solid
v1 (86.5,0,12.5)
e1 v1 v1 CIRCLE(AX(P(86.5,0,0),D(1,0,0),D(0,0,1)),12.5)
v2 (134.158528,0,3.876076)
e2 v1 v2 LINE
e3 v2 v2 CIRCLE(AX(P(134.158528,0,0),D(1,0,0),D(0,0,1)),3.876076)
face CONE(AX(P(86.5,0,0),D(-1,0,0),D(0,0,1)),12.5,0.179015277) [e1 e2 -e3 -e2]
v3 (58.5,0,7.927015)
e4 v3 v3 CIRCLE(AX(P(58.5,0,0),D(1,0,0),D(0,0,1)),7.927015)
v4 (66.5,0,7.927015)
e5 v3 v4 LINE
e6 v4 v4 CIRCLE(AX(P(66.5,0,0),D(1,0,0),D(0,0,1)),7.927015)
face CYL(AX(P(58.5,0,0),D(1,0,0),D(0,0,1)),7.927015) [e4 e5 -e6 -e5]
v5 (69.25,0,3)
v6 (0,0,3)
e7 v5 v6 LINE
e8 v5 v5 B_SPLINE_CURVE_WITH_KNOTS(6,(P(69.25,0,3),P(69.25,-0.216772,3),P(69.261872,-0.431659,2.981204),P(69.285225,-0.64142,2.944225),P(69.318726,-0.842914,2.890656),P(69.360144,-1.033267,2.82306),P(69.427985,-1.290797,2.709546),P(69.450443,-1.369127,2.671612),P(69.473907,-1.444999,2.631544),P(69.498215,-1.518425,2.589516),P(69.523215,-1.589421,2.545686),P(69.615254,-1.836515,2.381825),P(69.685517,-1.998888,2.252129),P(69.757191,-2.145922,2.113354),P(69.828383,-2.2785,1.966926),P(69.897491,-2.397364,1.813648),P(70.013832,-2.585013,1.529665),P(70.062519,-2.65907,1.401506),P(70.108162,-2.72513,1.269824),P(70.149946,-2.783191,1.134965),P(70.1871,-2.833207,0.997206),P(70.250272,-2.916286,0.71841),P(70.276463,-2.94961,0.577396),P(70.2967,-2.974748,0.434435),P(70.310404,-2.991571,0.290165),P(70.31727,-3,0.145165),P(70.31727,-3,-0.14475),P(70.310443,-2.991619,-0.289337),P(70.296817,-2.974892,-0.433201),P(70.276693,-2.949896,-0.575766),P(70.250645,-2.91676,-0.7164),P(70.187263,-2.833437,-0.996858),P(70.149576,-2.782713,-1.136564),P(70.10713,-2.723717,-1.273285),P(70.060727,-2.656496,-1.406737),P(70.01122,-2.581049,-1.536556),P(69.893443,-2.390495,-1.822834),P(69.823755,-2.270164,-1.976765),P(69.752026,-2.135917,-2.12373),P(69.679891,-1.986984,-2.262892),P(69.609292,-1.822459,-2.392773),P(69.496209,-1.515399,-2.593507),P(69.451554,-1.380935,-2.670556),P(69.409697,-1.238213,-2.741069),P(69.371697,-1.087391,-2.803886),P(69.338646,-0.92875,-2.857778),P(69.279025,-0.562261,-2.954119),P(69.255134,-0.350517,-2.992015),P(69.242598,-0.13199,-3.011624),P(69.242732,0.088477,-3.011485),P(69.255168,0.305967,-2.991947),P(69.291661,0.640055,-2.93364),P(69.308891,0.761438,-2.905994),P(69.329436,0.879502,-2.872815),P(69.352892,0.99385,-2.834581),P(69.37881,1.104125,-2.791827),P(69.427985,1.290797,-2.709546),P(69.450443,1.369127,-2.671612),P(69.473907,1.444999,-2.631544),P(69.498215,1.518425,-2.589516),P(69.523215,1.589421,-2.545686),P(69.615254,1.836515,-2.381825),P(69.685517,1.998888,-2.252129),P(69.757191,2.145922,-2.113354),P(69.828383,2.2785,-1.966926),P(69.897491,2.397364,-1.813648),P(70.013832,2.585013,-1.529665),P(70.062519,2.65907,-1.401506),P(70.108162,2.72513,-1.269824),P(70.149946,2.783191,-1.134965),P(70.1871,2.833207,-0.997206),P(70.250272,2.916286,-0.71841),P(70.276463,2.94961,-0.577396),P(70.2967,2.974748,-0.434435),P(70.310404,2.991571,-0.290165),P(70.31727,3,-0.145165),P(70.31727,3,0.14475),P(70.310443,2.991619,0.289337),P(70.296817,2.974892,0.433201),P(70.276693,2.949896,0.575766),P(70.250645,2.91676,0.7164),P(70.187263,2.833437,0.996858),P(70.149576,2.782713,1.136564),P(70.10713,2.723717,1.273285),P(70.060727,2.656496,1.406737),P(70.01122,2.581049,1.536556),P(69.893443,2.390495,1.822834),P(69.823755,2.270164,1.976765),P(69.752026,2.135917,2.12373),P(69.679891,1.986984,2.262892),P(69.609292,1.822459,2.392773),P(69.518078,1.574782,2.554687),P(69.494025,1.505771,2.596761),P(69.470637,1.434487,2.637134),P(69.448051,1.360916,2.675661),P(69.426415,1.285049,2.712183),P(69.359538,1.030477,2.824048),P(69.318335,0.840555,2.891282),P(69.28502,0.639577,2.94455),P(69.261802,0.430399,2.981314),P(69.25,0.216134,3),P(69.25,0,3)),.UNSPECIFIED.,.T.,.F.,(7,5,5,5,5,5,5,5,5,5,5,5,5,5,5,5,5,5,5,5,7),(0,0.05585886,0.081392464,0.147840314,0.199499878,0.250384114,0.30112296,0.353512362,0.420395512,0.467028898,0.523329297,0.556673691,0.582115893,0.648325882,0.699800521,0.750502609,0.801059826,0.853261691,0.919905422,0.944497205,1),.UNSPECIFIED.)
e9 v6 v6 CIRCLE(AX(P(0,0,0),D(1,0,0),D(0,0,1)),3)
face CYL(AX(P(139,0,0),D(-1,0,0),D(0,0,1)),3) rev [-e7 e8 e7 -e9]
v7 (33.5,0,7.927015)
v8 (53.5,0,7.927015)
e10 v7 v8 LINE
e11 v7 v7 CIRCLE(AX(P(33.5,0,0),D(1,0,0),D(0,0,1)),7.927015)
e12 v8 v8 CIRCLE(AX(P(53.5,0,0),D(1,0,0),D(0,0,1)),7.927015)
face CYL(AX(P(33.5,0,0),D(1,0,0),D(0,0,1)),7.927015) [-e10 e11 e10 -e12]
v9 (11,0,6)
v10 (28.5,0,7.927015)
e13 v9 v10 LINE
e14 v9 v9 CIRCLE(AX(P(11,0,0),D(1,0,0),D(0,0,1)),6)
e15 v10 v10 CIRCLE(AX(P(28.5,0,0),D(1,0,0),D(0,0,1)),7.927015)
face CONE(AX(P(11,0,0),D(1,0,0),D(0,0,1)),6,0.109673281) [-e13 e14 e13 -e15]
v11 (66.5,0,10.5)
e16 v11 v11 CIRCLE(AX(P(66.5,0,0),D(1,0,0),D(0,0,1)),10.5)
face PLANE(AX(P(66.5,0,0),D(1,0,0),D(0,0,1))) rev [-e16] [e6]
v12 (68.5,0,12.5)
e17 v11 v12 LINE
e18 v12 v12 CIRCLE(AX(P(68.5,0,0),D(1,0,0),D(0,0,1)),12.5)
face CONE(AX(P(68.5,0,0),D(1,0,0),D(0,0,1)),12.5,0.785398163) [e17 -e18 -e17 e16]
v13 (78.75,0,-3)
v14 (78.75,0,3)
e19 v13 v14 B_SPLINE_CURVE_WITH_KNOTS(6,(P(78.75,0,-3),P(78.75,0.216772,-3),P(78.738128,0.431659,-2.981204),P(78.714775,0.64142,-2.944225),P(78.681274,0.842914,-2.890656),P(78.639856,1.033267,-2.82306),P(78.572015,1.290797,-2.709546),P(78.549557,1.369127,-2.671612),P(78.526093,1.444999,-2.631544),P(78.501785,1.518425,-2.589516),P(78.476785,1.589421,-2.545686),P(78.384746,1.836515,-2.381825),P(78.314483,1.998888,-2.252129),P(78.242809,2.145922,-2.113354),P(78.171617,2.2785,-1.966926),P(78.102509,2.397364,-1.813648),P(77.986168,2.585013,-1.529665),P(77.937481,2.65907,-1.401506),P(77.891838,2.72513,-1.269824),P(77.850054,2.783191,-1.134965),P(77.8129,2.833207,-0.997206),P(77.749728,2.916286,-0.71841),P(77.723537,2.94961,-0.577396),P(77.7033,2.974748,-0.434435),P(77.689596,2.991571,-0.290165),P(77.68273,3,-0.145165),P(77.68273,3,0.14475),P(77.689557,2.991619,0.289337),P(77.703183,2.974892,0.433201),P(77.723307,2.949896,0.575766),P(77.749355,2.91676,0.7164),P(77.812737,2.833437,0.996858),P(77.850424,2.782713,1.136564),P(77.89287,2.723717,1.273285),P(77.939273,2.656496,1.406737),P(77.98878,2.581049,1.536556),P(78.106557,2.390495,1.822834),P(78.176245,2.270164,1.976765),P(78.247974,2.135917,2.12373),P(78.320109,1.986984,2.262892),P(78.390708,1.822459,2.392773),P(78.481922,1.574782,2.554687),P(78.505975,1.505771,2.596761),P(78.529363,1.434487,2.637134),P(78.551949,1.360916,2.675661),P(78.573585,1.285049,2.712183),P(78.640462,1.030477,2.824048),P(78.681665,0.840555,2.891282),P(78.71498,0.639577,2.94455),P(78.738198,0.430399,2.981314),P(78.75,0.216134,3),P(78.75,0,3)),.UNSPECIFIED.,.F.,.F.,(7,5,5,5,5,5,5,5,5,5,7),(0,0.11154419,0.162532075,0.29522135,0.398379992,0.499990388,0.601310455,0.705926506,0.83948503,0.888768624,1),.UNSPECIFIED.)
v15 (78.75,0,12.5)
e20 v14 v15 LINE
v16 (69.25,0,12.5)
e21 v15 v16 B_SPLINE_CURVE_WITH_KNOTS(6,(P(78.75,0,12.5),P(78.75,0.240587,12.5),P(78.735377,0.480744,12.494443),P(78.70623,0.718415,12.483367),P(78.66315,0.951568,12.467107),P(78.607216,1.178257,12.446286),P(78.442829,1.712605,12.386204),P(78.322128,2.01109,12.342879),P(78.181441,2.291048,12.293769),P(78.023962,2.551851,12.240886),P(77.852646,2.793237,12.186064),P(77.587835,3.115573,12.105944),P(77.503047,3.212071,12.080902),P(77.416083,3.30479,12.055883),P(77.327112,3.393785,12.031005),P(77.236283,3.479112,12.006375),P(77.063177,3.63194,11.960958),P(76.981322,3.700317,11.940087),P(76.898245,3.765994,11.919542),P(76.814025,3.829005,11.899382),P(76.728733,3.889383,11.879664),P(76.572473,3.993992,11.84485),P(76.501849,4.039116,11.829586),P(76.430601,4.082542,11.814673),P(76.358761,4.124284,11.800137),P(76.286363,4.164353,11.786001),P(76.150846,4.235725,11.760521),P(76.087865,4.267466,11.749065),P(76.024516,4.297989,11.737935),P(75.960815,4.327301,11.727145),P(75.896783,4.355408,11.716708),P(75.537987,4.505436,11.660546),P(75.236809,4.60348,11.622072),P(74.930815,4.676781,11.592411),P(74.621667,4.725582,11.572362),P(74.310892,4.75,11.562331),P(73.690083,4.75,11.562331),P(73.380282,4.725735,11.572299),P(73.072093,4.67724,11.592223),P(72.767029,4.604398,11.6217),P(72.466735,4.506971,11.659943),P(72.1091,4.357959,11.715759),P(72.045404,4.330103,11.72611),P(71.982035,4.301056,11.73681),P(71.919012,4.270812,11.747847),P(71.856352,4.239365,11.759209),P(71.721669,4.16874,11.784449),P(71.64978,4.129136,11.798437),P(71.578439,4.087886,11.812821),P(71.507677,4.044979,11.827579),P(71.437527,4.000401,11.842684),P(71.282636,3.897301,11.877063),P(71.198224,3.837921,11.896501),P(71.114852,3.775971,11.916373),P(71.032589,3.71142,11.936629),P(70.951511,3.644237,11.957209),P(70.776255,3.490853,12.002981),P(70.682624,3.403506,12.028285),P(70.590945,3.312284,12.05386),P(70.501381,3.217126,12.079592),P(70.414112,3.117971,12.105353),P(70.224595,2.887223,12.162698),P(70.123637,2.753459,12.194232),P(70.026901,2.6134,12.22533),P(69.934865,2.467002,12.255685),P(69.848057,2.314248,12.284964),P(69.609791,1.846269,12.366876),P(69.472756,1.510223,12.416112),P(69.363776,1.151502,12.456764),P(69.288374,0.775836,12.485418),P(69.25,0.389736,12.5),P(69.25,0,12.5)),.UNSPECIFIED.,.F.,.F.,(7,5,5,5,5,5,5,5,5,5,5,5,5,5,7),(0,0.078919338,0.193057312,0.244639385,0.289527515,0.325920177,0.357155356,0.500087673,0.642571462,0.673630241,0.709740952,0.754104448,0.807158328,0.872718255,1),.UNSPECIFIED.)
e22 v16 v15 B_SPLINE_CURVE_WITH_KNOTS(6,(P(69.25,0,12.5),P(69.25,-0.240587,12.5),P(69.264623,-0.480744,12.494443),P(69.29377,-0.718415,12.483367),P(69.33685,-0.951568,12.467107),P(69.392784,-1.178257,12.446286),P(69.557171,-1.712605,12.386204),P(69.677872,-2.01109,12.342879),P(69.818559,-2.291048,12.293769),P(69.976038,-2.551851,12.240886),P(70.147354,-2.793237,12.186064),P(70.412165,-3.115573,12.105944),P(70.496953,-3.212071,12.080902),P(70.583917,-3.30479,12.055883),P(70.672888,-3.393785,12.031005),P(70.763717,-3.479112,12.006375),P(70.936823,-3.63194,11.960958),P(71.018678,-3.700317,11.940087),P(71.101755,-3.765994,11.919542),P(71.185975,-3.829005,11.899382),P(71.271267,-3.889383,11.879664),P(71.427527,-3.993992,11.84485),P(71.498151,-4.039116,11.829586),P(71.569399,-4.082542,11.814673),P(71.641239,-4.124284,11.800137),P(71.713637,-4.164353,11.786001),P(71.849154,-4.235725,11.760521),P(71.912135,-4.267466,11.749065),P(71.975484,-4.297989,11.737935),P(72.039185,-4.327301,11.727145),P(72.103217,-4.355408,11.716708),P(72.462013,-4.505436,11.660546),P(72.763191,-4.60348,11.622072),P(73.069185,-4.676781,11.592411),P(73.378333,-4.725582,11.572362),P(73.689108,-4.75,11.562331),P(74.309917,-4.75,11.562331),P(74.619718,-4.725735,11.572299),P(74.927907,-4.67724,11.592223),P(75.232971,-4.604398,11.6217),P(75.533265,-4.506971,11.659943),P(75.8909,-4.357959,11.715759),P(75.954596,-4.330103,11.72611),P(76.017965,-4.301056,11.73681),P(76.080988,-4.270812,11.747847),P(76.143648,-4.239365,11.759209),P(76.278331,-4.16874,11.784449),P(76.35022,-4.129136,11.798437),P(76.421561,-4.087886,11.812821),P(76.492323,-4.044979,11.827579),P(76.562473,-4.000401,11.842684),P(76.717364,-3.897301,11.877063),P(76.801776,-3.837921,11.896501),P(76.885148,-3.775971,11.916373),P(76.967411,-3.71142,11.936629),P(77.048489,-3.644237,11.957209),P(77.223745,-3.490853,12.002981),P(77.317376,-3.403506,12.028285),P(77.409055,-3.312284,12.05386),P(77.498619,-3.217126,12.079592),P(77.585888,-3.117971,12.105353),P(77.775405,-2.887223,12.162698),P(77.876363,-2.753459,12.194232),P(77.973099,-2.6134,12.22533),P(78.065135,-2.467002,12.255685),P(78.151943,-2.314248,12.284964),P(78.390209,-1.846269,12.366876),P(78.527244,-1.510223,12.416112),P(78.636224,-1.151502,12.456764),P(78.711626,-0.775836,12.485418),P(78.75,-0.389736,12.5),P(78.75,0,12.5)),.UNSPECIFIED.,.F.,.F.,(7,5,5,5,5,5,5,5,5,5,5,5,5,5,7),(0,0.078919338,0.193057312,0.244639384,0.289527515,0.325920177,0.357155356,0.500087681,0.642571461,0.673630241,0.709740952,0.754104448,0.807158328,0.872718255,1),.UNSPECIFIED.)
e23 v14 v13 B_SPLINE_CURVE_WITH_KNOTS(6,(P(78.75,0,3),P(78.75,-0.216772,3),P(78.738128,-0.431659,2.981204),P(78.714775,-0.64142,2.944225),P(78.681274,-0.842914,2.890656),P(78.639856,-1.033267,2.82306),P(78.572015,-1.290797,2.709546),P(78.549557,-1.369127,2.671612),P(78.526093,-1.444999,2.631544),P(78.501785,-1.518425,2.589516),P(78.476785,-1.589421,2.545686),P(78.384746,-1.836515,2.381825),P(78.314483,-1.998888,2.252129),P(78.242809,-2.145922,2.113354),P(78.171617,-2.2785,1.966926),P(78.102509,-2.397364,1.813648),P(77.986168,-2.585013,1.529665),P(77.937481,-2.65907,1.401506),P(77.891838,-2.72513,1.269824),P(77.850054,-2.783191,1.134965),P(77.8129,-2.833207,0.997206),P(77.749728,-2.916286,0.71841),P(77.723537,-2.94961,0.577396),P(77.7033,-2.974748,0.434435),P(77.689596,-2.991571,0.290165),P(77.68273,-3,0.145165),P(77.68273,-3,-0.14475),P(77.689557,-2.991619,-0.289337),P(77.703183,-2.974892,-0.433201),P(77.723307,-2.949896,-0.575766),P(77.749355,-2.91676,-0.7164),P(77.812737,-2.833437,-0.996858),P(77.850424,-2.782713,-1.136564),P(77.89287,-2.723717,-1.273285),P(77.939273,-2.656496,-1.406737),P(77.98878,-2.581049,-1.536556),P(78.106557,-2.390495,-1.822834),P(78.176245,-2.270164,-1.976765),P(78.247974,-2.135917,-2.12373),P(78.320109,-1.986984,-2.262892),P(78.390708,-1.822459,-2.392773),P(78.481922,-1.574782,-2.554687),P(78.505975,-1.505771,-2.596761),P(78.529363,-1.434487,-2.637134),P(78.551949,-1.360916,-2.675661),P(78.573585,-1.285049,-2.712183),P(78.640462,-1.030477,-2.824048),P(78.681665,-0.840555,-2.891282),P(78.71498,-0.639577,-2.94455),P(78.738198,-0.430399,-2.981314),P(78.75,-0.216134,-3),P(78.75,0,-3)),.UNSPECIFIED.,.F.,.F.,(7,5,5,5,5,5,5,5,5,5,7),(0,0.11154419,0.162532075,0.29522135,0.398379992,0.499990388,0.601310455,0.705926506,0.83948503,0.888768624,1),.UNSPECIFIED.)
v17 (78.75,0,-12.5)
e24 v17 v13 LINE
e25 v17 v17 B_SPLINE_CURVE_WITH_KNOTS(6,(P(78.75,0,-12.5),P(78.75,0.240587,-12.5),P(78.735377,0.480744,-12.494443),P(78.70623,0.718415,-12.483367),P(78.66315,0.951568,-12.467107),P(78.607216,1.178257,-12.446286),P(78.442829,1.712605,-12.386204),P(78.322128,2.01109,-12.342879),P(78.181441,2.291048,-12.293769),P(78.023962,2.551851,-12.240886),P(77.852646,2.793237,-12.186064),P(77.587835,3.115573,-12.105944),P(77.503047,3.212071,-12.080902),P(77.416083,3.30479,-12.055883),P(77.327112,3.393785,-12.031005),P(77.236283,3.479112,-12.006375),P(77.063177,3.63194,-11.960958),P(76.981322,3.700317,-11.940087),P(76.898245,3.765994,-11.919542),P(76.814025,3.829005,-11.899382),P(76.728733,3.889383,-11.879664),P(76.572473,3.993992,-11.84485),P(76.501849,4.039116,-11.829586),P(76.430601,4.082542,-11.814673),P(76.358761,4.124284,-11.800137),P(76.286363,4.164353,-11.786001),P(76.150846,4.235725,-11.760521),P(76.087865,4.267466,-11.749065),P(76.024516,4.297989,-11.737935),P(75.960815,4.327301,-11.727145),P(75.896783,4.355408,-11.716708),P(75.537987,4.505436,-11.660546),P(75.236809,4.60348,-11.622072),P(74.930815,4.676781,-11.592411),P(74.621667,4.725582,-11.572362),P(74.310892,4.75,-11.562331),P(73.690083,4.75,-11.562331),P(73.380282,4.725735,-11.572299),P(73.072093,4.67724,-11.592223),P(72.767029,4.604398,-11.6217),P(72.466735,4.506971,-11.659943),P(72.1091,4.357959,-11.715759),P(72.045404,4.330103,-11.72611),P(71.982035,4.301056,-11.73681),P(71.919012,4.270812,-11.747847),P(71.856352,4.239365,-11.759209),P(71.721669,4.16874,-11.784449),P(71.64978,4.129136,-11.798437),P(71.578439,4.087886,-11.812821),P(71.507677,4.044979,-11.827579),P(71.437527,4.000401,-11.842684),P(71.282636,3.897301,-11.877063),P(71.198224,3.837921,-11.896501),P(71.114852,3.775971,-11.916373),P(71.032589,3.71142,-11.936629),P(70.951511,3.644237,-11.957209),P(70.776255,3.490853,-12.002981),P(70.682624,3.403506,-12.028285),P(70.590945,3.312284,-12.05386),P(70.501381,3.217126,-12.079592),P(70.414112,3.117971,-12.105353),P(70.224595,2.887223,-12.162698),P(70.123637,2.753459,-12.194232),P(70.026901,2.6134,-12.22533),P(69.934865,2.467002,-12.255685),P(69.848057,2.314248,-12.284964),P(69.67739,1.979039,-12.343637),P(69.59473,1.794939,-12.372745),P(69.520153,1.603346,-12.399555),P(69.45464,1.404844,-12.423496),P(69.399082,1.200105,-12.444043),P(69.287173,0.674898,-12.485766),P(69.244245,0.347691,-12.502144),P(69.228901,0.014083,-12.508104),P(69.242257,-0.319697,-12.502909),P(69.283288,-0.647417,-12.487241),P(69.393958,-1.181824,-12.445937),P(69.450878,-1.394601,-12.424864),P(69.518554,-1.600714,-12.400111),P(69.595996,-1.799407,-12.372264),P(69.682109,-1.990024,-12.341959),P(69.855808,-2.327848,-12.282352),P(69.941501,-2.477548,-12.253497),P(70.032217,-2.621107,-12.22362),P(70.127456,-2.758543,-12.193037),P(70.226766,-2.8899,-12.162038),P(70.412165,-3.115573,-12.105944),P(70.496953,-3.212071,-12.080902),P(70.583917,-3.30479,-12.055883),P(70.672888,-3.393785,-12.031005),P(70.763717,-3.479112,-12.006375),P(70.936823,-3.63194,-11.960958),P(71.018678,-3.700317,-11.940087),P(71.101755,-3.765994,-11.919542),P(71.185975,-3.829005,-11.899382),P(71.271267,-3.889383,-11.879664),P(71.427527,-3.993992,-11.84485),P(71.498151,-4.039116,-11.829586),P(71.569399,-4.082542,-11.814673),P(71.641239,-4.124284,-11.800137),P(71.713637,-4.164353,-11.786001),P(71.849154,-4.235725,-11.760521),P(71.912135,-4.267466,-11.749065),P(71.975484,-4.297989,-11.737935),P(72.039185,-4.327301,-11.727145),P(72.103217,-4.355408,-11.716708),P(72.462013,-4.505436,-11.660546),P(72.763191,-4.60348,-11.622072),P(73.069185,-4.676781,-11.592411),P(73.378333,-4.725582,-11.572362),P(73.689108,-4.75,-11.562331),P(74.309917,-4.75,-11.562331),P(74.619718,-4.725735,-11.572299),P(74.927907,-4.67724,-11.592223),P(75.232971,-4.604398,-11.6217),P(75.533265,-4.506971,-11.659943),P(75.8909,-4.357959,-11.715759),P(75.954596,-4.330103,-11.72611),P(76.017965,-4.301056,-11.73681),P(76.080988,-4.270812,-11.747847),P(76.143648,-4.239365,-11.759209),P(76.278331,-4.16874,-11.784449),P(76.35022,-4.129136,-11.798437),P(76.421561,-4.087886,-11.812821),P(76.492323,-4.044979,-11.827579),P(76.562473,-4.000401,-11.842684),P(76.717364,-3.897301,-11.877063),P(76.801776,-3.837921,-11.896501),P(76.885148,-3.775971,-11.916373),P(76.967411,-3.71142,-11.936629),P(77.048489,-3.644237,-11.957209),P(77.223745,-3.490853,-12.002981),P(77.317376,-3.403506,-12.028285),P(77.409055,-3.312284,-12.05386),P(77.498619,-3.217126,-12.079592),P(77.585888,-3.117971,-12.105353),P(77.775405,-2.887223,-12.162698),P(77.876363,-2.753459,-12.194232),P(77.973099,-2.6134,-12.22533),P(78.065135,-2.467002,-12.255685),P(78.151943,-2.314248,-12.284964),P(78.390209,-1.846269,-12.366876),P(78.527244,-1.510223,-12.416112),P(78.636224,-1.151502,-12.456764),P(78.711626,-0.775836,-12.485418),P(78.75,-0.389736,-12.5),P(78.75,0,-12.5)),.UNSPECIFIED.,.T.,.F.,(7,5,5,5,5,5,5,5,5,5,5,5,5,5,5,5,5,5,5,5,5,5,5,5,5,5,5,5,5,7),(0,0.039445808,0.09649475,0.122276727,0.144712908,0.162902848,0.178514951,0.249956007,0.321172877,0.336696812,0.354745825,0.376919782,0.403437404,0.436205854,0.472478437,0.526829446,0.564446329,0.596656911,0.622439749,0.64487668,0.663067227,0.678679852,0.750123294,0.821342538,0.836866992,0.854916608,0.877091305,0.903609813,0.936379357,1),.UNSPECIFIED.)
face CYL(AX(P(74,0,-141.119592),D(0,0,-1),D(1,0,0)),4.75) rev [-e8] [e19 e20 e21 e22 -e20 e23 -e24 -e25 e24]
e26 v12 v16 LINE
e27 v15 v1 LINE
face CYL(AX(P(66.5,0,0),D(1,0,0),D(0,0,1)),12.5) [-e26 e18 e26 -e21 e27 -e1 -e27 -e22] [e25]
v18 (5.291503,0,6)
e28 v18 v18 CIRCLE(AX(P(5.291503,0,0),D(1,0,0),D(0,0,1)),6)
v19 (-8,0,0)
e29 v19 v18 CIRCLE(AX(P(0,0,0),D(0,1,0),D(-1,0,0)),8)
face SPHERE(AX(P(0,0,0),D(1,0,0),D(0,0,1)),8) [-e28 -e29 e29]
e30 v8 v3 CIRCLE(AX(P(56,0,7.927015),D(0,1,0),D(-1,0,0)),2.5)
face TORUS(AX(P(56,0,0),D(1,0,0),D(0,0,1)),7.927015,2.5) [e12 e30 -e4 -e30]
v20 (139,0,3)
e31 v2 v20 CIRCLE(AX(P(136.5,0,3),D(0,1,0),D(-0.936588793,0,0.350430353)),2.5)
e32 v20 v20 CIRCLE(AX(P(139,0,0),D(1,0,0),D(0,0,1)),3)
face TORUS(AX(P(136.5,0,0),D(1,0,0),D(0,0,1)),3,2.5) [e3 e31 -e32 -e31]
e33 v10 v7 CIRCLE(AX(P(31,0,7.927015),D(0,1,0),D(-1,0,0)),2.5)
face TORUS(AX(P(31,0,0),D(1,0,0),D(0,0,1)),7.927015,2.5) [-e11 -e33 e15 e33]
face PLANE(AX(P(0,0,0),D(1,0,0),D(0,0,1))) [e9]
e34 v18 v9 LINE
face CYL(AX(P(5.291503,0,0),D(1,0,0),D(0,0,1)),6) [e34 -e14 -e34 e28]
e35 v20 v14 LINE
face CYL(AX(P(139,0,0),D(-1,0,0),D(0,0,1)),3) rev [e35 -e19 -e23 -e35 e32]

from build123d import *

# Parameters (mm, degrees)
CHAMFER1_SIZE           = 2
CUT_EXTRUDE1_DEPTH      = 141.119591778
CUT_EXTRUDE1_DEPTH_BACK = 141.119591778
SKETCH2_R               = 4.75


with BuildPart() as part:
    # Sketch1 → Revolve1 (revolve)
    with BuildSketch(Plane(origin=(0, 0, 0), x_dir=(1, 0, 0), z_dir=(0, 1, 0)), mode=Mode.PRIVATE) as revolve1_sk:
        with BuildLine():
            Line((5.291502622, 6), (11, 6))
            Line((11, 6), (28.5, 7.927014812))
            ThreePointArc((28.5, 7.927014812), (31, 10.427014812), (33.5, 7.927014812))
            Line((33.5, 7.927014812), (53.5, 7.927014812))
            ThreePointArc((53.5, 7.927014812), (56, 10.427014812), (58.5, 7.927014812))
            Line((58.5, 7.927014812), (66.5, 7.927014812))
            Line((66.5, 7.927014812), (66.5, 12.5))
            Line((66.5, 12.5), (86.5, 12.5))
            Line((86.5, 12.5), (134.158528017, 3.876075883))
            ThreePointArc((134.158528017, 3.876075883), (136.945151683, 5.460048776), (139, 3))
            Line((139, 3), (0, 3))
            Line((0, 3), (0, 0))
            Line((0, 0), (-8, 0))
            ThreePointArc((-8, 0), (-3.291502622, 7.291502622), (5.291502622, 6))
        make_face()
    revolve(revolve1_sk.sketch.rotate(Axis((0, 0, 0), (1, 0, 0)), 180), axis=Axis((0, 0, 0), (1, 0, 0)))

    # Chamfer1
    chamfer1_edges = [part.edges().sort_by_distance(p)[0] for p in [
        (66.5, 0, -12.5),
    ]]
    chamfer(chamfer1_edges, length=CHAMFER1_SIZE)

    # Sketch2 → Cut-Extrude1 (cut, two sides: drawn at the far end of the back side and taken through both)
    with BuildSketch(Plane.XY.offset(-CUT_EXTRUDE1_DEPTH_BACK)):
        with Locations((74, 0)):
            Circle(SKETCH2_R)
    extrude(amount=CUT_EXTRUDE1_DEPTH + CUT_EXTRUDE1_DEPTH_BACK, mode=Mode.SUBTRACT)


solid = part.part
